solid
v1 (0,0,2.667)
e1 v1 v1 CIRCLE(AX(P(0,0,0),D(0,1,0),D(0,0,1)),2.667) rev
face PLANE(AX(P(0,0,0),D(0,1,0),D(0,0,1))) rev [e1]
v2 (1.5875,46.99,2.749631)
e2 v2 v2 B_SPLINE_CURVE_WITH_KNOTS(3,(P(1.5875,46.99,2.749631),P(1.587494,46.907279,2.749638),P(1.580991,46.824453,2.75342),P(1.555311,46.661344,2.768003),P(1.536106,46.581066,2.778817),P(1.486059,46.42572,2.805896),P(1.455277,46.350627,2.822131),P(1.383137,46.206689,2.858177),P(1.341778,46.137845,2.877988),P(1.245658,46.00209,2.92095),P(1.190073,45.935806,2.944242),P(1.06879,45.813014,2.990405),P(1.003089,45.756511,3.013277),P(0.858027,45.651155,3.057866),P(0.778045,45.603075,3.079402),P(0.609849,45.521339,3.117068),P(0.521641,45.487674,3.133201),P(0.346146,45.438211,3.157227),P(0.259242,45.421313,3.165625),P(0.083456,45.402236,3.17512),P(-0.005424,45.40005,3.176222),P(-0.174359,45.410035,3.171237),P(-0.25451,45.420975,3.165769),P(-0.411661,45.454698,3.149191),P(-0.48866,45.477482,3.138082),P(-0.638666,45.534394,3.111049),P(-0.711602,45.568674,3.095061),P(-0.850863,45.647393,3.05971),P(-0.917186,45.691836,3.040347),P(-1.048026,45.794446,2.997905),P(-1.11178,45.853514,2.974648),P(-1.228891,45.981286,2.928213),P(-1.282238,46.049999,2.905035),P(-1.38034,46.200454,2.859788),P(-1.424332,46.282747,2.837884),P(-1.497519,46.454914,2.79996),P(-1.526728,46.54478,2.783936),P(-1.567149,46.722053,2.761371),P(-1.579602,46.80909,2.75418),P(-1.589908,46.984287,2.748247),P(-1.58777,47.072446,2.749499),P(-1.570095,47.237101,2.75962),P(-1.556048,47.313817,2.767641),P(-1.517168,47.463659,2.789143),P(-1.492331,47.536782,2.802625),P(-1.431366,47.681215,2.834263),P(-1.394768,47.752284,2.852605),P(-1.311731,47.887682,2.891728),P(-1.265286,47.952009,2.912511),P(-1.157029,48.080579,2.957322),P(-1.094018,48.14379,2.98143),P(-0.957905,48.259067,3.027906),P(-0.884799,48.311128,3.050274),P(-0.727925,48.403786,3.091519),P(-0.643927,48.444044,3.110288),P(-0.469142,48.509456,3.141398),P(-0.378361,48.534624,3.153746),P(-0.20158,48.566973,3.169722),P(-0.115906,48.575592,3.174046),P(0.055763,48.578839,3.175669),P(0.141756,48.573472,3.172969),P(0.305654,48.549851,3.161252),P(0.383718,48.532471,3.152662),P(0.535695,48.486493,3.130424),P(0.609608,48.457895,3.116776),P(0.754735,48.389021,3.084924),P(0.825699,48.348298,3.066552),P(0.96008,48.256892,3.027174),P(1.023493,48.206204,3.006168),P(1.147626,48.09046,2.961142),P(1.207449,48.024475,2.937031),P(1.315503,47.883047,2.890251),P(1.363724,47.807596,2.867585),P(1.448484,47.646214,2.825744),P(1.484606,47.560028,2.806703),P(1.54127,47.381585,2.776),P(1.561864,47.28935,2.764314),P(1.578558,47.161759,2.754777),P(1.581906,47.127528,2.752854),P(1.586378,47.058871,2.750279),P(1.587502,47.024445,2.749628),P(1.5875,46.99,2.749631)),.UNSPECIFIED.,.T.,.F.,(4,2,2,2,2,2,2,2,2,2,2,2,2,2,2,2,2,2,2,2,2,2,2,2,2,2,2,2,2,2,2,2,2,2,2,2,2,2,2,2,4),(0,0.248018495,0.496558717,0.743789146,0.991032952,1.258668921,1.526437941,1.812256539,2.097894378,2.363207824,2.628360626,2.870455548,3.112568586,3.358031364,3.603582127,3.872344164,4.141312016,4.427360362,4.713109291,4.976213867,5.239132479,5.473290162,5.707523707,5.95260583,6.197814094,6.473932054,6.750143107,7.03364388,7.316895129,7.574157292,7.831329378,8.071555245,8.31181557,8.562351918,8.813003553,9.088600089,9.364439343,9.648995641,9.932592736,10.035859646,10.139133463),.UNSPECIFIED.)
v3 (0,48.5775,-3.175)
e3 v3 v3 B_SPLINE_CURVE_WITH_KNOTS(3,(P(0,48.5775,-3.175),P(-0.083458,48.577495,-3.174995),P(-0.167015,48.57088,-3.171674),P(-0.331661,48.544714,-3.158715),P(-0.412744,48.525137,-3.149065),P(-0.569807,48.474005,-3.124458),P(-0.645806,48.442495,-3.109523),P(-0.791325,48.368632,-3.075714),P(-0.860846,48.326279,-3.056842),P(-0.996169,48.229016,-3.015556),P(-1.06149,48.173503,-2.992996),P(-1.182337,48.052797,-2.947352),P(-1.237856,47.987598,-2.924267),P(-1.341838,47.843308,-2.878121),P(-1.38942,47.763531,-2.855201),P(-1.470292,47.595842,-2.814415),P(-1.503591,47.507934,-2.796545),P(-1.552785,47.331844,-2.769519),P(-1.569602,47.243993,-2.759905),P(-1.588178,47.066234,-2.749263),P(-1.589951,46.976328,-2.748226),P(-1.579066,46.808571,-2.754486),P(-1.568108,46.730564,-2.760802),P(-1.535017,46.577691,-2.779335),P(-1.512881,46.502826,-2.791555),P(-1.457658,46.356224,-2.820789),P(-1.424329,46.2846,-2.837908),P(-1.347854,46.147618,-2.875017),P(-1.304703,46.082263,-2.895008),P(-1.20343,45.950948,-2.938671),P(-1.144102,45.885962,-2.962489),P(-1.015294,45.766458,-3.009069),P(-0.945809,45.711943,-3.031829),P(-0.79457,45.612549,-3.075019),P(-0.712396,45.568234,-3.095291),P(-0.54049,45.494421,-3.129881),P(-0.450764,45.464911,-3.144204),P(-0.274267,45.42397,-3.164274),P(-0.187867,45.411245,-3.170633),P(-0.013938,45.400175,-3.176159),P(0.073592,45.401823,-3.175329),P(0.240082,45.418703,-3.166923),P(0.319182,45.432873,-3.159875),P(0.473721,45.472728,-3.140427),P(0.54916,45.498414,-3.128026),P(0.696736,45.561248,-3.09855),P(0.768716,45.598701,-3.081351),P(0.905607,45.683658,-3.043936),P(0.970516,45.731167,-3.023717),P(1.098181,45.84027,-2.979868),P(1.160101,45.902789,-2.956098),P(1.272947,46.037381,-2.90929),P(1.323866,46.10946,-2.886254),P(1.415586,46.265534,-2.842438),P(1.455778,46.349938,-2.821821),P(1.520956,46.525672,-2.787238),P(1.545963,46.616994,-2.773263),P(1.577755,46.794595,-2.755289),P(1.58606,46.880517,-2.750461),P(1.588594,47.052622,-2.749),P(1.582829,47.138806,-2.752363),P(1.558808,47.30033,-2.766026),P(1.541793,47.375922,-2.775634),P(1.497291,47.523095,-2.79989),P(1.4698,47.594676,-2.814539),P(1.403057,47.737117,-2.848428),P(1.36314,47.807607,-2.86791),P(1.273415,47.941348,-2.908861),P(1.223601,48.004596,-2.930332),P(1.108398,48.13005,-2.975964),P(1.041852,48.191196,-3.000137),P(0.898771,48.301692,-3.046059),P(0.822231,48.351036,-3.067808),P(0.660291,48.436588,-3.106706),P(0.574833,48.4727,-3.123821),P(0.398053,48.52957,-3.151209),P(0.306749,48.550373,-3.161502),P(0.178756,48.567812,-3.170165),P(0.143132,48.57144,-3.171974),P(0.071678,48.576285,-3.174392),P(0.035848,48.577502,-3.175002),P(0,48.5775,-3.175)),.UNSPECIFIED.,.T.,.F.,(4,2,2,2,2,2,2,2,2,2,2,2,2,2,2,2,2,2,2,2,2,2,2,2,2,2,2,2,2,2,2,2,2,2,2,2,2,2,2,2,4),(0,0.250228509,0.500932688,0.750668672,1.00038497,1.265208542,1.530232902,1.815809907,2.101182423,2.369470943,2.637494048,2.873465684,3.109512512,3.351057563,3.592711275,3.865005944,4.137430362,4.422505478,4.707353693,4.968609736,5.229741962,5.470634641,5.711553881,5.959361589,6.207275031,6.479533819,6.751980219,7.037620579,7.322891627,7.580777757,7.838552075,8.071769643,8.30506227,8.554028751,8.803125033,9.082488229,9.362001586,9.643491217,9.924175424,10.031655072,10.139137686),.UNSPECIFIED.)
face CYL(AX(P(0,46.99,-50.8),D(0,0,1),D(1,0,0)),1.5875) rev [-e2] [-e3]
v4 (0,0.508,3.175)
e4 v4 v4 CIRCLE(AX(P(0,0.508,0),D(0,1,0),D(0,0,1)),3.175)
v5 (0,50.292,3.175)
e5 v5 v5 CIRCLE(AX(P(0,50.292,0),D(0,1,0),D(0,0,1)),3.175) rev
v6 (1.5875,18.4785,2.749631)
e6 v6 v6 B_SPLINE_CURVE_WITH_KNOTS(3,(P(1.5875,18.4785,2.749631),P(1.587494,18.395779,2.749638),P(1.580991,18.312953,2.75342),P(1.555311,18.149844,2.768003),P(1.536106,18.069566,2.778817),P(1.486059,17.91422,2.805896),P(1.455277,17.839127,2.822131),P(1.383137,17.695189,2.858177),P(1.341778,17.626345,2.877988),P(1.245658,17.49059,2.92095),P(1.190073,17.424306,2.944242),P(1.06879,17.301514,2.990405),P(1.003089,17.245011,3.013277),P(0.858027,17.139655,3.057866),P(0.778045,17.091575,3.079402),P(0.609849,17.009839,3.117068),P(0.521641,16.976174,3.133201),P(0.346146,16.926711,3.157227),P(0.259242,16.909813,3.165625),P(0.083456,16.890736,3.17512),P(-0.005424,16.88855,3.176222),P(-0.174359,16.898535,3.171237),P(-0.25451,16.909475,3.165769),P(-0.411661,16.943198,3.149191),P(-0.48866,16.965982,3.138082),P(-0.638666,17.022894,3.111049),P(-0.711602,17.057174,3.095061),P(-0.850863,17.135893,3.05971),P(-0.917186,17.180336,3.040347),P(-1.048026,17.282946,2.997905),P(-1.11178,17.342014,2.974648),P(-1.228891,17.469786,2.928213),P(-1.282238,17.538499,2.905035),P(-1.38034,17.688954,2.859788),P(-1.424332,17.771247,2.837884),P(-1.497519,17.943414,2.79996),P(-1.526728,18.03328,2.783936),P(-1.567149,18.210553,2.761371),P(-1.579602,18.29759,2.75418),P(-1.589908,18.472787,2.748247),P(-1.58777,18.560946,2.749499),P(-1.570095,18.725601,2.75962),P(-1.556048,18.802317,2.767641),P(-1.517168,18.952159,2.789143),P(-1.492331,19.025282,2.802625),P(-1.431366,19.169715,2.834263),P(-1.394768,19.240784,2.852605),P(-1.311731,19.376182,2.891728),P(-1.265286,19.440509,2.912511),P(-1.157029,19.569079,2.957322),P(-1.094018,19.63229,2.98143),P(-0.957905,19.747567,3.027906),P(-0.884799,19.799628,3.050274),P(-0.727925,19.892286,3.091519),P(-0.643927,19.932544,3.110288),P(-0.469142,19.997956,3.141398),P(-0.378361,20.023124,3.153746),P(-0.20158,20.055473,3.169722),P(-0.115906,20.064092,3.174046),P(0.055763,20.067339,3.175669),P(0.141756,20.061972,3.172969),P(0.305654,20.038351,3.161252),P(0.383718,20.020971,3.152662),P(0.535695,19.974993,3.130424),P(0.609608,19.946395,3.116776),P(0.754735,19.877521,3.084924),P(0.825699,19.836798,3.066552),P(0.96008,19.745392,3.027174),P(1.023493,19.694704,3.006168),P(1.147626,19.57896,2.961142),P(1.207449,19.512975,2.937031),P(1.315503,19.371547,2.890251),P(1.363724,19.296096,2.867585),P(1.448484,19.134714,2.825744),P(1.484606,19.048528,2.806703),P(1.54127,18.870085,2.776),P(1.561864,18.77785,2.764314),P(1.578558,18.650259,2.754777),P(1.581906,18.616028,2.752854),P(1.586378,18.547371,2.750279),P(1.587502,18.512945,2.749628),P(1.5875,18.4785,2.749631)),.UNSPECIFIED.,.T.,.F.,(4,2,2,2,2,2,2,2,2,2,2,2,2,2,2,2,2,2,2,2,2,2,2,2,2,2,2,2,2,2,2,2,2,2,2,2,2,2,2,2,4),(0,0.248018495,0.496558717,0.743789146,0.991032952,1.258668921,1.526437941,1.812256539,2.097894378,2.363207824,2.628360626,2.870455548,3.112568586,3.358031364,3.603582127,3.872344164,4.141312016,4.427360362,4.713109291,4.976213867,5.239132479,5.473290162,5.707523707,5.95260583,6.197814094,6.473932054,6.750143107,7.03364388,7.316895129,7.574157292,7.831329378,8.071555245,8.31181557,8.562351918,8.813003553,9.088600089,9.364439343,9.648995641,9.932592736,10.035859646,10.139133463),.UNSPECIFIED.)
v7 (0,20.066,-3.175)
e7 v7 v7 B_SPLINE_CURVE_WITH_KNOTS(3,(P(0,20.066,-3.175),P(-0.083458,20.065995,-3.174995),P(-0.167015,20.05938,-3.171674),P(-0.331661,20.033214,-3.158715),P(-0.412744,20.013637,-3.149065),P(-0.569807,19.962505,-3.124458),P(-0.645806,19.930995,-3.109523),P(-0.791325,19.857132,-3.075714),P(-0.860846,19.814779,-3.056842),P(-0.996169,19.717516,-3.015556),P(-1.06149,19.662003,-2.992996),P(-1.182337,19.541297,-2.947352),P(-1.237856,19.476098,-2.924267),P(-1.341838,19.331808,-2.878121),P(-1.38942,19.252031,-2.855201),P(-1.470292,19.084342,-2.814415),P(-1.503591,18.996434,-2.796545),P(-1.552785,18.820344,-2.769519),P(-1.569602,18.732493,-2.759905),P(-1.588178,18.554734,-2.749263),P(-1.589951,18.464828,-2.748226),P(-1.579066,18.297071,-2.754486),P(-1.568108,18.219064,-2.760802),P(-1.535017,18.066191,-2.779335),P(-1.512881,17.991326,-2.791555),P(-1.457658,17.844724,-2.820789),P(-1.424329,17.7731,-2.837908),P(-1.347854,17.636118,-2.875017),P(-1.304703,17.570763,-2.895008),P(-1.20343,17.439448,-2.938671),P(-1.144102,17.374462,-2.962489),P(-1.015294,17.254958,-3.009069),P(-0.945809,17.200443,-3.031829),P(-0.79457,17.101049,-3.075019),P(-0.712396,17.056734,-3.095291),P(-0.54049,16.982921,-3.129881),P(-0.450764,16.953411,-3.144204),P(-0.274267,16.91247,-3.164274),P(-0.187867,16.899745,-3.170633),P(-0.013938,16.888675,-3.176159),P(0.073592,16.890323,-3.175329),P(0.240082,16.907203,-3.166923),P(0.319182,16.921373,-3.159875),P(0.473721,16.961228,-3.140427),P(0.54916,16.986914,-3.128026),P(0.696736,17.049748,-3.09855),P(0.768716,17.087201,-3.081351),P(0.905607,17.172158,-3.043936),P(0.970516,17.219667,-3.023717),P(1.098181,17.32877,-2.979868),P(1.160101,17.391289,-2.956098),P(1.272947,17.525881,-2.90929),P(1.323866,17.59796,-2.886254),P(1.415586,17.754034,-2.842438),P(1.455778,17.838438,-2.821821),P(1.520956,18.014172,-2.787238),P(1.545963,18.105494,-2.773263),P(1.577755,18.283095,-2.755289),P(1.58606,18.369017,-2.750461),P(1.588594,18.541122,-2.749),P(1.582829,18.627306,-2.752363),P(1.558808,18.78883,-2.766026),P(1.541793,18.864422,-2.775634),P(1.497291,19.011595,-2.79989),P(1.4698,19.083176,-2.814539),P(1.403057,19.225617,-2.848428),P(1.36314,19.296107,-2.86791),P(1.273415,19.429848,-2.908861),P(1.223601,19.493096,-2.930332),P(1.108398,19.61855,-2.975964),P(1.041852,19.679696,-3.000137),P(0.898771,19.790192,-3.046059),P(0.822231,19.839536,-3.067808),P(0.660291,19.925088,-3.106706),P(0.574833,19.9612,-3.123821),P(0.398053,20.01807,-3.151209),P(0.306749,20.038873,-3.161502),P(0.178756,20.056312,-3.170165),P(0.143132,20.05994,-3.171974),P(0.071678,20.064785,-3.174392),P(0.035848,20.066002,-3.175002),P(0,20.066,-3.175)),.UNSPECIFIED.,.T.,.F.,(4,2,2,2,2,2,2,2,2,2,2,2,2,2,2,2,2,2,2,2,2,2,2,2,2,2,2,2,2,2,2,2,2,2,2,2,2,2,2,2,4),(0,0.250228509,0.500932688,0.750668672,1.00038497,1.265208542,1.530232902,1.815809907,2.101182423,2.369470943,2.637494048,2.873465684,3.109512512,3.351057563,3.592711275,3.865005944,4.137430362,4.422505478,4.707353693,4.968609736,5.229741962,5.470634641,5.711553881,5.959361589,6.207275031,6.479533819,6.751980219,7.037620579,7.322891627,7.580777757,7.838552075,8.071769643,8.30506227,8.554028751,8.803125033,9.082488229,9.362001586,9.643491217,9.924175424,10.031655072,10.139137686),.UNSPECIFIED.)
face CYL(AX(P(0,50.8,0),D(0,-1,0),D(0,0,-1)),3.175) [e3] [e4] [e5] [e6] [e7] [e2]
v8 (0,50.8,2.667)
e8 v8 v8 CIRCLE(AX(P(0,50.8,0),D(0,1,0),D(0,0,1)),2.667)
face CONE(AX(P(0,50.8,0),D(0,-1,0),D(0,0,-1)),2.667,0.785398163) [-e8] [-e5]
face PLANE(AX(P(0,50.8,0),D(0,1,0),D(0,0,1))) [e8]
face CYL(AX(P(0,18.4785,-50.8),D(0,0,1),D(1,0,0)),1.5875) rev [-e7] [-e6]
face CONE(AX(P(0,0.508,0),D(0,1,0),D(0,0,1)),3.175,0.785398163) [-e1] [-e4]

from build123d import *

# Parameters (mm, degrees)
SKETCH1_R               = 3.175
BOSS_EXTRUDE1_DEPTH     = 50.8
CHAMFER1_SIZE           = 0.508
CUT_EXTRUDE1_DEPTH      = 50.8
CUT_EXTRUDE1_DEPTH_BACK = 50.8
SKETCH2_R               = 1.5875


with BuildPart() as part:
    # Sketch1 → Boss-Extrude1 (new body)
    with BuildSketch(Plane(origin=(0, 0, 0), x_dir=(1, 0, 0), z_dir=(0, 1, 0))):
        Circle(SKETCH1_R)
    extrude(amount=BOSS_EXTRUDE1_DEPTH)

    # Chamfer1
    chamfer1_edges = [part.edges().sort_by_distance(p)[0] for p in [
        (-3.175, 0, 0),
        (-3.175, 50.8, 0),
    ]]
    chamfer(chamfer1_edges, length=CHAMFER1_SIZE)

    # Sketch2 → Cut-Extrude1 (cut, two sides: drawn at the far end of the back side and taken through both)
    with BuildSketch(Plane.XY.offset(-CUT_EXTRUDE1_DEPTH_BACK)):
        with Locations((0, 46.99)):
            Circle(SKETCH2_R)
        with Locations((0, 18.4785)):
            Circle(SKETCH2_R)
    extrude(amount=CUT_EXTRUDE1_DEPTH + CUT_EXTRUDE1_DEPTH_BACK, mode=Mode.SUBTRACT)


solid = part.part
